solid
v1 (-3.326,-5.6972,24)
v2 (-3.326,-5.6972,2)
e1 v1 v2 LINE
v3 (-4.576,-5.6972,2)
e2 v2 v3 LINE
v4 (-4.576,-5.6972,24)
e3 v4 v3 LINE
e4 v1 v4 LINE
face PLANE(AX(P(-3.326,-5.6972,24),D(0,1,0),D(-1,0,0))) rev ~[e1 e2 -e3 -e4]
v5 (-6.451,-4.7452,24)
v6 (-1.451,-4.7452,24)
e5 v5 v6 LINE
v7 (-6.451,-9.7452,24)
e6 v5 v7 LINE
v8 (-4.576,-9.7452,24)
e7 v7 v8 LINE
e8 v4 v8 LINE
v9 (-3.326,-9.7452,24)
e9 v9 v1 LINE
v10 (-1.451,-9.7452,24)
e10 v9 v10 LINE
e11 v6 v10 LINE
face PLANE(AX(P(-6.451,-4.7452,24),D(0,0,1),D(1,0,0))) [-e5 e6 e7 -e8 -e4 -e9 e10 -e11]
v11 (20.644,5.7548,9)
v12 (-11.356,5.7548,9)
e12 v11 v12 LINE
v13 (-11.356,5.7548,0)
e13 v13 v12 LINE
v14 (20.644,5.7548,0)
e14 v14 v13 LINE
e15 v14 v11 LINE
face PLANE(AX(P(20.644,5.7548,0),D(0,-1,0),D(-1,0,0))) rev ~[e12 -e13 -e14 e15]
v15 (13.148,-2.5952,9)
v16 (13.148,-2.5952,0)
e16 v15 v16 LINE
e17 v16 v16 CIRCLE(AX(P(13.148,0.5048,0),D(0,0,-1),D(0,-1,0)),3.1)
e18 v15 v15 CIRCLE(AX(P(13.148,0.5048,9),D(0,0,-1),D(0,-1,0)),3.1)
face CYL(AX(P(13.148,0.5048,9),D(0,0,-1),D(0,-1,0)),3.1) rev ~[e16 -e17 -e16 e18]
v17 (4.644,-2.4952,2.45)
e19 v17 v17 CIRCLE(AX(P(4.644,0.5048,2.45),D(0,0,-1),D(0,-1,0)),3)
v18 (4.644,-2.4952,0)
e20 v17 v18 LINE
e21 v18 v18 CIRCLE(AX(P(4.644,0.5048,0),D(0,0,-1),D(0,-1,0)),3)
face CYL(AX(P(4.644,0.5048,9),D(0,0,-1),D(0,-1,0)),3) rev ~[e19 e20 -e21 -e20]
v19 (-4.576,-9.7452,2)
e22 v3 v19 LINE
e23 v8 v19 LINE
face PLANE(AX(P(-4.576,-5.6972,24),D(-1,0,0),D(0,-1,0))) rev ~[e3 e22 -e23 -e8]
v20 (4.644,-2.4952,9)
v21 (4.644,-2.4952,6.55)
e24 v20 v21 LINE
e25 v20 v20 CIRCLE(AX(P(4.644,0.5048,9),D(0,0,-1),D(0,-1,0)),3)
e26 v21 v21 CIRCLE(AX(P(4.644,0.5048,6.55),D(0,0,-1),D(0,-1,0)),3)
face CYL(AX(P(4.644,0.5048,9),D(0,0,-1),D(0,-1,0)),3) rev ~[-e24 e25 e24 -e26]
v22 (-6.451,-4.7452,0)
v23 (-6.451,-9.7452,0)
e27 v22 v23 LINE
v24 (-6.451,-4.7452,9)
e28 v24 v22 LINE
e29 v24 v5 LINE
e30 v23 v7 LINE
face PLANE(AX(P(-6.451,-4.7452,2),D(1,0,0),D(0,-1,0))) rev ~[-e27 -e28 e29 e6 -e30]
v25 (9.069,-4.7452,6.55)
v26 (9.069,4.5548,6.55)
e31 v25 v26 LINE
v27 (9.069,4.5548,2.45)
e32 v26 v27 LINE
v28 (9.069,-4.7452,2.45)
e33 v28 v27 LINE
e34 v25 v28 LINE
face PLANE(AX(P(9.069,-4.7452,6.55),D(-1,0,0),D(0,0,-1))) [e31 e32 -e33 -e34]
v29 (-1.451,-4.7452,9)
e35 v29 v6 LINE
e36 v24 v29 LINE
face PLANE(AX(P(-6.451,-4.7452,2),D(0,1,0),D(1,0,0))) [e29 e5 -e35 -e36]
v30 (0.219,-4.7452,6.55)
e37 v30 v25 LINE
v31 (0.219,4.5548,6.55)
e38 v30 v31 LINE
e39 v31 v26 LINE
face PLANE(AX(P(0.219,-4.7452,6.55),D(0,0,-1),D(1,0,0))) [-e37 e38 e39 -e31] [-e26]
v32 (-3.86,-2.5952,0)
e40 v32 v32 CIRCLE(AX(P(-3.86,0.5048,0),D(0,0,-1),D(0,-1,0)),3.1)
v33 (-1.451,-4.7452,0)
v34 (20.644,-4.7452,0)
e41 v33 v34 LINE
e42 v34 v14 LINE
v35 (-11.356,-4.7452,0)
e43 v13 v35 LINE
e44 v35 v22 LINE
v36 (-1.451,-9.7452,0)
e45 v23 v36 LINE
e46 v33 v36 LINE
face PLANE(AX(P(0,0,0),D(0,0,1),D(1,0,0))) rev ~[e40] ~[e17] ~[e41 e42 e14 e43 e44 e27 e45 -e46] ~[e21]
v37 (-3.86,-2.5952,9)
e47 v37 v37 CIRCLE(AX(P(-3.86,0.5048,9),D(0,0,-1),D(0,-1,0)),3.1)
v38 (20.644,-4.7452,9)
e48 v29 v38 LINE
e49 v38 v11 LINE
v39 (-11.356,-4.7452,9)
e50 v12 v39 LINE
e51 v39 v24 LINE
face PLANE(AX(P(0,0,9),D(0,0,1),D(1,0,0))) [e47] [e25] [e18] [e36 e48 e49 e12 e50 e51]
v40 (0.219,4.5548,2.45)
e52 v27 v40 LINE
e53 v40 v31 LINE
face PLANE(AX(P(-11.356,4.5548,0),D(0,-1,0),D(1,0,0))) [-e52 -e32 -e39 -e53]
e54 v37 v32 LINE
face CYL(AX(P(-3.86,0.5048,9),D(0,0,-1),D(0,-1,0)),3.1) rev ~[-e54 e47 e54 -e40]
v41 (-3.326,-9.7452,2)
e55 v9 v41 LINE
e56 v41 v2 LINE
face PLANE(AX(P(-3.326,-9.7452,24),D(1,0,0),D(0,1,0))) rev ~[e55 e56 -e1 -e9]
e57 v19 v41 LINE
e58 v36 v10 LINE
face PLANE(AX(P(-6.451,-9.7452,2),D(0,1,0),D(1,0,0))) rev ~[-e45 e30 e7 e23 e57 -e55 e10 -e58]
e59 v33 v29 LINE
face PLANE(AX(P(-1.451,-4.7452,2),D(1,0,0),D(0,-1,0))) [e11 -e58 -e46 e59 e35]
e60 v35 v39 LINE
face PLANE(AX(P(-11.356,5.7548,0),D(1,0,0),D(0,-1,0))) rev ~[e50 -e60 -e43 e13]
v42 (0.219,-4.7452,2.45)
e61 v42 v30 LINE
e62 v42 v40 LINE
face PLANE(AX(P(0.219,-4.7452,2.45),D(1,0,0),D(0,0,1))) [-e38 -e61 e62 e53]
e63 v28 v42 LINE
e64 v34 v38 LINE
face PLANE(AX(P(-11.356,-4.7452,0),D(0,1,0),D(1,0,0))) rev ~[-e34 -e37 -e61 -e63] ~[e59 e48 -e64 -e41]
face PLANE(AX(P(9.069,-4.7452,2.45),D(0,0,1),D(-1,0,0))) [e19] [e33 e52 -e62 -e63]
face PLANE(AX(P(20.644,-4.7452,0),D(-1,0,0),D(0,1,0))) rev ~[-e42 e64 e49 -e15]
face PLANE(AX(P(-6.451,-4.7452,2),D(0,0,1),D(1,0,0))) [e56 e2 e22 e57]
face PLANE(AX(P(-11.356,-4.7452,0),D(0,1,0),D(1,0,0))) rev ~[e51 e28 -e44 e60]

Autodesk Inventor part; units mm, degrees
ref_plane "YZ Plane" through (0, 0, 0) normal (1, 0, 0) x (0, 1, 0)
ref_plane "XZ Plane" through (0, 0, 0) normal (0, 1, 0) x (-1, 0, 0)
ref_plane "XY Plane" through (0, 0, 0) normal (0, 0, 1) x (1, 0, 0)
sketch "Skizze1" plane through (0, 0, 0) normal (0, 0, 1) x (1, 0, 0)
  line L0 (-11.356, -4.7452) -> (20.644, -4.7452)
  line L1 (20.644, -4.7452) -> (20.644, 5.7548)
  line L2 (20.644, 5.7548) -> (-11.356, 5.7548)
  line L3 (-11.356, 5.7548) -> (-11.356, -4.7452)
  point P0 (0, 0)
  dimension "d0" = 32
  dimension "d1" = 10.5
extrude "Extrusion1" add sketch "Skizze1" along normal blind 9
sketch "Skizze2" plane through (0, 0, 9) normal (0, 0, 1) x (1, 0, 0)
  line L0 (20.644, -4.7452) -> (20.644, 5.7548) projected
  line L1 (-11.356, -4.7452) -> (20.644, -4.7452) projected
  point P0 (0, 0)
  point P1 (-3.86, 0.5048)
  point P2 (4.644, 0.5048)
  point P3 (13.148, 0.5048)
  dimension "d4" = 8.504
  dimension "d5" = 8.504
  dimension "d6" = 7.496
  dimension "d20" = 5.25
  dimension "d21" = 5.25
sketch "Skizze3" plane through (0, 0, 9) normal (0, 0, 1) x (1, 0, 0)
  point P0 (0, 0)
sketch "Skizze4" plane through (-11.356, -4.7452, 0) normal (0, -1, 0) x (1, 0, 0)
  line L0 (11.575, 6.55) -> (20.425, 6.55)
  line L1 (20.425, 6.55) -> (20.425, 2.45)
  line L2 (20.425, 2.45) -> (11.575, 2.45)
  line L3 (11.575, 2.45) -> (11.575, 6.55)
  line L4 (32, 0) -> (32, 9) projected
  line L5 (0, 9) -> (32, 9) projected
  point P0 (11.356, 0)
  dimension "d14" = 8.85
  dimension "d15" = 4.1
  dimension "d16" = 11.575
  dimension "d17" = 2.45
extrude "Extrusion2" cut sketch "Skizze4" against normal blind 9.3
sketch "Skizze5" plane through (0, 0, 9) normal (0, 0, 1) x (1, 0, 0)
  point P0 (0, 0)
sketch "Skizze6" plane through (-11.356, -4.7452, 0) normal (0, -1, 0) x (1, 0, 0)
  line L0 (4.905, 0) -> (9.905, 0)
  line L1 (9.905, 0) -> (9.905, 2)
  line L2 (9.905, 2) -> (4.905, 2)
  line L3 (4.905, 2) -> (4.905, 0)
  line L4 (0, 0) -> (0, 9) projected
  point P0 (11.356, 0)
  dimension "d22" = 5
  dimension "d23" = 2
  dimension "d24" = 4.905
sketch "Skizze7" plane through (-11.356, -4.7452, 0) normal (0, -1, 0) x (1, 0, 0)
  point P0 (11.356, 0)
extrude "Extrusion3" add sketch "Skizze6" along normal blind 5
sketch "Skizze8" plane through (-6.451, -4.7452, 2) normal (0, 0, 1) x (1, 0, 0)
  line L0 (0, -5) -> (5, -5) projected
  line L1 (0, 0) -> (0, -5) projected
  line L2 (5, -5) -> (0, -5)
  line L3 (0, -5) -> (0, 0)
  line L4 (0, 0) -> (5, 0)
  line L5 (5, 0) -> (5, -5)
  point P0 (6.451, 4.7452)
extrude "Extrusion4" add sketch "Skizze8" along normal blind 22
sketch "Skizze9" plane through (-6.451, -4.7452, 24) normal (0, 0, 1) x (1, 0, 0)
  line L0 (0, -5) -> (5, -5) projected
  line L1 (1.875, -5) -> (3.125, -5)
  line L2 (3.125, -5) -> (3.125, -0.952)
  line L3 (3.125, -0.952) -> (1.875, -0.952)
  line L4 (1.875, -0.952) -> (1.875, -5)
  line L5 (5, -5) -> (5, 0) projected
  line L6 (0, 0) -> (0, -5) projected
  point P0 (6.451, 4.7452)
  dimension "d29" = 1.875
  dimension "d30" = 1.875
  dimension "d31" = 4.048
extrude "Extrusion5" cut sketch "Skizze9" against normal blind 22
hole "Bohrung2" at (4.644, 0.5048, 9) direction (0, 0, -1) diameter 6 end through all
hole "Bohrung3" at (13.148, 0.5048, 9) at (-3.86, 0.5048, 9) direction (0, 0, -1) diameter 6.2 end through all
properties part number "Objektträgerhalter 3b Neu"
